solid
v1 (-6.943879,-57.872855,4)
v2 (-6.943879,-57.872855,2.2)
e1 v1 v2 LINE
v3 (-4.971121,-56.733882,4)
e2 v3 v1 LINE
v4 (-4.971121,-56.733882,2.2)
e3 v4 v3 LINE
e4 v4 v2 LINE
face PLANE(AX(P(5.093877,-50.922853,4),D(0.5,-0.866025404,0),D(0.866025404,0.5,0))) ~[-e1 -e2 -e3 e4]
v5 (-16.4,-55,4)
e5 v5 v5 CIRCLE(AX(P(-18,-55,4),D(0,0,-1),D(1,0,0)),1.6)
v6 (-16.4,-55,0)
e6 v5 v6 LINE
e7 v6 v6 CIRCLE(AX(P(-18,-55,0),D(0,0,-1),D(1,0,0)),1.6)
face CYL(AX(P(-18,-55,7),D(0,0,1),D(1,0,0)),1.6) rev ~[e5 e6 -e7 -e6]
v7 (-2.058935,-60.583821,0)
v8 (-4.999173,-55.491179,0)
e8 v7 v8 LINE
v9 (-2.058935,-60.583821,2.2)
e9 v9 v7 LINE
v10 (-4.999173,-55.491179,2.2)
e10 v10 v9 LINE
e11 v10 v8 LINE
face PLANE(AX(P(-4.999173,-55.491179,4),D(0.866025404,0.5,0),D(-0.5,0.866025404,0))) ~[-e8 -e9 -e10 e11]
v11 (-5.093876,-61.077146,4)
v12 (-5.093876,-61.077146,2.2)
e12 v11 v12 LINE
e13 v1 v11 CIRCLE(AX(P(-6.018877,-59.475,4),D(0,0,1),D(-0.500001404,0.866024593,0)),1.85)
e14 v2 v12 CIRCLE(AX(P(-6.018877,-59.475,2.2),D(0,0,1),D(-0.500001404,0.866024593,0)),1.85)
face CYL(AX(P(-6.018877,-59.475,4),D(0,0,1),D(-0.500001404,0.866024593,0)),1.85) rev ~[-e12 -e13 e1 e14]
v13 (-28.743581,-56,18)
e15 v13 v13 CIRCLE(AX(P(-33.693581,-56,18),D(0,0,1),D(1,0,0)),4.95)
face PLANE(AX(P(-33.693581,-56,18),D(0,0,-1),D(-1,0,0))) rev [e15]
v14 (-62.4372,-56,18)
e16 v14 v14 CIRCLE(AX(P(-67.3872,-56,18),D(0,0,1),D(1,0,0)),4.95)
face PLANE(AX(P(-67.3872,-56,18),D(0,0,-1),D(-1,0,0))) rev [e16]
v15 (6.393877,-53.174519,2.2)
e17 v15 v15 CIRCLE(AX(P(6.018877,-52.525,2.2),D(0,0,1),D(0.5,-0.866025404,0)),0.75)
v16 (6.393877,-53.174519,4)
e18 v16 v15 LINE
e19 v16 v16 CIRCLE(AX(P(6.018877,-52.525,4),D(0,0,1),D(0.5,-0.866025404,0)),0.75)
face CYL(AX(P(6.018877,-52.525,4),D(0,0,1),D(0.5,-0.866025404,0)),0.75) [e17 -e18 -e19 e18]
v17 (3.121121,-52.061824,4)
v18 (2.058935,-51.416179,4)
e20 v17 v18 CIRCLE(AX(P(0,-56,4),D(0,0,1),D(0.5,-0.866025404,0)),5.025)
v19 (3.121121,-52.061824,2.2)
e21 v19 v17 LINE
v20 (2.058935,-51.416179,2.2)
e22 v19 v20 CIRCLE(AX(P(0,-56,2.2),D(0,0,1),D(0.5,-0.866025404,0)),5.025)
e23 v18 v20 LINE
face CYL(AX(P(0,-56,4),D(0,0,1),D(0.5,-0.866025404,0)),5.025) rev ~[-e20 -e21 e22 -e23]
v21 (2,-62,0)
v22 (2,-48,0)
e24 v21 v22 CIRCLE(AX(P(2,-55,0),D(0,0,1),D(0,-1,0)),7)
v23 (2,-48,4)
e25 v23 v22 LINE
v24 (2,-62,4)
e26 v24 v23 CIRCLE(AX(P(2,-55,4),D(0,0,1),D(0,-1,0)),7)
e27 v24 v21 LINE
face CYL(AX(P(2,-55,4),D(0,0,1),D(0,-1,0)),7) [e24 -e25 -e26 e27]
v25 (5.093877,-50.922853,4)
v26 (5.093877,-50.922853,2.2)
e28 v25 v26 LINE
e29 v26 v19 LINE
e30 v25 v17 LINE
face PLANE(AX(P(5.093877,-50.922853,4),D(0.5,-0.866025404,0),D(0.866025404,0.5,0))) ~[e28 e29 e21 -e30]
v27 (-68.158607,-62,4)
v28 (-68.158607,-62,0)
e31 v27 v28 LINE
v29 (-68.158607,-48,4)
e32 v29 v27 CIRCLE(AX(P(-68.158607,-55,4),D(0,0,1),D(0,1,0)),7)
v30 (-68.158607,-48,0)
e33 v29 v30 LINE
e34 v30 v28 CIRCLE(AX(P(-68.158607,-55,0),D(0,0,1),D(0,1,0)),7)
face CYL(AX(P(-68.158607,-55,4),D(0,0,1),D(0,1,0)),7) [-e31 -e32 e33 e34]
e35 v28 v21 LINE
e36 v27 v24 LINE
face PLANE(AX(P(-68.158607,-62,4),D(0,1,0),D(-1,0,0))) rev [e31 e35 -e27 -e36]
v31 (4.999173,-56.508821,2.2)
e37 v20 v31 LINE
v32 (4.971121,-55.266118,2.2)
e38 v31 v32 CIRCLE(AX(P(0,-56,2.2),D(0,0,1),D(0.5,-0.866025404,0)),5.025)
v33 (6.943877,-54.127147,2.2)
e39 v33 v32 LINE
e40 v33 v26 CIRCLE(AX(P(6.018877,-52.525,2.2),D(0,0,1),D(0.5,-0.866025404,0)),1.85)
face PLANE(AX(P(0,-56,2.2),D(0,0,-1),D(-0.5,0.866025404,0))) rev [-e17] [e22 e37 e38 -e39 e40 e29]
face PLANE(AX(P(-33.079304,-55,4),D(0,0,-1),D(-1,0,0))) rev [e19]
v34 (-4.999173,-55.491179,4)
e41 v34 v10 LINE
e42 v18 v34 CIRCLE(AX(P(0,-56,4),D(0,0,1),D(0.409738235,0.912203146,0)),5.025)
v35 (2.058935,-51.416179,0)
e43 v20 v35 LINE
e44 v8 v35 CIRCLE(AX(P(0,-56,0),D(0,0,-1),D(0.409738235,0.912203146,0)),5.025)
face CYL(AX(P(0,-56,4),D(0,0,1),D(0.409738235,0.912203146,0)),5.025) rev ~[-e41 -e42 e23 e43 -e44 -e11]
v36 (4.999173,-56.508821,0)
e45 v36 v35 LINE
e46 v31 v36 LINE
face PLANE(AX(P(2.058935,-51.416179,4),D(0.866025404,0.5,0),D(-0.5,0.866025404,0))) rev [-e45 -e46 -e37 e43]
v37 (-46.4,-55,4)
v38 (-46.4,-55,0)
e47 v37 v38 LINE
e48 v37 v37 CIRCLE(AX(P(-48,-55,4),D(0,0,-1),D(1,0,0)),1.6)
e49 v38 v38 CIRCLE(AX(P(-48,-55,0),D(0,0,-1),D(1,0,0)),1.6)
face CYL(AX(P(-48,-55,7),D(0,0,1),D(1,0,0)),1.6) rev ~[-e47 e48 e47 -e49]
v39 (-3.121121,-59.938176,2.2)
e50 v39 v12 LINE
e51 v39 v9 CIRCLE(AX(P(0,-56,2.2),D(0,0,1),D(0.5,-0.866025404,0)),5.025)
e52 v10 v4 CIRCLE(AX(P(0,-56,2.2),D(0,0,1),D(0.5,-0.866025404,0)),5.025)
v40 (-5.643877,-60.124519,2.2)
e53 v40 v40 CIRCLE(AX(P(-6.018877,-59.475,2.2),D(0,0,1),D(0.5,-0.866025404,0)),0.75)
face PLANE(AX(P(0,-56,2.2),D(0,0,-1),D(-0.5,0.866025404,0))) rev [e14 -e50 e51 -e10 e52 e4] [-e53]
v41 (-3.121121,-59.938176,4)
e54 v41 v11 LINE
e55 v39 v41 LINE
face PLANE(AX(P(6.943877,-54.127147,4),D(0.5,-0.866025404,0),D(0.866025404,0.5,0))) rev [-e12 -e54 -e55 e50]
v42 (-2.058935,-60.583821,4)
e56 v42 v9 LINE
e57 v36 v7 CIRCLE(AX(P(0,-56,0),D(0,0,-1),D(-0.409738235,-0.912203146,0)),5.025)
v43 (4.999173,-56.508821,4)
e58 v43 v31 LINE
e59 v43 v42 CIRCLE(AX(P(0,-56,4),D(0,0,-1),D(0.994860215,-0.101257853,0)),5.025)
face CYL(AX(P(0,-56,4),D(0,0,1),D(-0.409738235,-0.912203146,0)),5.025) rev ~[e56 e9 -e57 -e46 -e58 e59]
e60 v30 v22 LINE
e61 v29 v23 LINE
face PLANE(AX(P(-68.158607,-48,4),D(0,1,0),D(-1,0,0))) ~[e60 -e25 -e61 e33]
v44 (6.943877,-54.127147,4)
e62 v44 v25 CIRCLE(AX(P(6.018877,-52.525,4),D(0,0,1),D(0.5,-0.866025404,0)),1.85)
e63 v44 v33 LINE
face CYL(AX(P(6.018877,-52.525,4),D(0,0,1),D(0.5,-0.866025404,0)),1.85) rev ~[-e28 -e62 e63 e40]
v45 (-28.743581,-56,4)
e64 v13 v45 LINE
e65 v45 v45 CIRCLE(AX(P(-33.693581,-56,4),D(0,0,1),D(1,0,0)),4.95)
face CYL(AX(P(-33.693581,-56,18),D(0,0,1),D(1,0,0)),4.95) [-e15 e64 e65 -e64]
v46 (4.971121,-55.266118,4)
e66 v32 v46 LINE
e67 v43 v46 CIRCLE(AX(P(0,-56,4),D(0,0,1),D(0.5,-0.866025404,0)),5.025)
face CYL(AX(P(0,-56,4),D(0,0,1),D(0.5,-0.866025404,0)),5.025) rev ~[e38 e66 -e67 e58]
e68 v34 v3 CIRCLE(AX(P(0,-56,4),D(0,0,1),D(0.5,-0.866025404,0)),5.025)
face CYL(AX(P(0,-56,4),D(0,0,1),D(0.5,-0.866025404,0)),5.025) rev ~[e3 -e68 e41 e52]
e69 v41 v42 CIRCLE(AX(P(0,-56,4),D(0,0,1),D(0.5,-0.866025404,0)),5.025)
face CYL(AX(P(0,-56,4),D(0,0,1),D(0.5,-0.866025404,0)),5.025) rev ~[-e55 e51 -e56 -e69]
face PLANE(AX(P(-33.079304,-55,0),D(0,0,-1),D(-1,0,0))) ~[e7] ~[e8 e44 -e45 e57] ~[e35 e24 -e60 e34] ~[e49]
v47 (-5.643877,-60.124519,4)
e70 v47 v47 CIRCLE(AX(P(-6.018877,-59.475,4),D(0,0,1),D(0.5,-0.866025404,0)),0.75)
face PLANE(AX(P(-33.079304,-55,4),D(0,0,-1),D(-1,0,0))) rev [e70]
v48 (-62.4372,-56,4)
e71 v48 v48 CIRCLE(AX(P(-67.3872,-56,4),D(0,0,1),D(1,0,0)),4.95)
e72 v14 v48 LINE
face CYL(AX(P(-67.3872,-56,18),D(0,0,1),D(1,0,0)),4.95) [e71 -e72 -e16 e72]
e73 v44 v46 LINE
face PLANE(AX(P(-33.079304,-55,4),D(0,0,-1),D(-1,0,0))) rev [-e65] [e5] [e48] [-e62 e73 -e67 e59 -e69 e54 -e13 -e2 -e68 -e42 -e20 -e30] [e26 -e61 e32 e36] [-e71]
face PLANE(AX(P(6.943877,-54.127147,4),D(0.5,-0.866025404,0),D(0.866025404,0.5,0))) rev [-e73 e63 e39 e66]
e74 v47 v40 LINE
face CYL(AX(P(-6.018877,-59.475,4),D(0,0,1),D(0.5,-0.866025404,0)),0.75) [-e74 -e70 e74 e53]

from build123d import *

# Parameters (mm, degrees)
CYLINDER018_R        = 1.6
CYLINDER018_DEPTH    = 10
CYLINDER017_R        = 1.6
CYLINDER017_DEPTH    = 10
PAD_DEPTH            = 18
SKETCH002_R          = 0.75
PAD001_DEPTH         = 1.8
CYLINDER_R           = 5.025
CYLINDER_DEPTH       = 1.8
BODY_PLACEMENT_ANGLE = 60
CYLINDER006_R        = 4.95
CYLINDER006_DEPTH    = 14
EXTRUDE_DEPTH        = 4
CYLINDER005_R        = 4.95
CYLINDER005_DEPTH    = 14


with BuildPart() as cylinder018:
    # Cylinder018 → Cylinder018 (new body)
    with BuildSketch(Plane(origin=(-30, 0, -3), x_dir=(1, 0, 0), z_dir=(0, 0, 1))):
        Circle(CYLINDER018_R)
    extrude(amount=CYLINDER018_DEPTH)


with BuildPart() as fusion021:
    # Cylinder017 → Cylinder017 (new body)
    with BuildSketch(Plane.XY.offset(-3)):
        Circle(CYLINDER017_R)
    extrude(amount=CYLINDER017_DEPTH)

    # Fusion019: union Cylinder018
    add(cylinder018.part)


with BuildPart() as fusion021_1:
    # Fusion019 placement: moved
    add(fusion021.part.moved(Location((-18, 1, 0))))


with BuildPart() as motorbody:
    # Sketch001 → Pad (new body)
    with BuildSketch(Plane.XY):
        with BuildLine():
            ThreePointArc((-2.940238, 4.075), (-5.025, 0), (-2.940238, -4.075))
            Line((-2.940238, -4.075), (2.940238, -4.075))
            ThreePointArc((2.940238, -4.075), (5.025, 0), (2.940238, 4.075))
            Line((-2.940238, 4.075), (2.940238, 4.075))
        make_face()
    extrude(amount=PAD_DEPTH)

    # Sketch002 → Pad001 (join)
    with BuildSketch(Plane.XY):
        with BuildLine():
            ThreePointArc((1.85, 6.95), (0, 8.8), (-1.85, 6.95))
            Line((-1.85, 6.95), (-1.85, -6.950003))
            ThreePointArc((-1.85, -6.950003), (2e-06, -8.8), (1.85, -6.949999))
            Line((1.85, 6.95), (1.85, -6.949999))
        make_face()
        with Locations((0, 6.95)):
            Circle(SKETCH002_R, mode=Mode.SUBTRACT)
        with Locations((0, -6.95)):
            Circle(SKETCH002_R, mode=Mode.SUBTRACT)
    extrude(amount=PAD001_DEPTH)

    # Cylinder → Cylinder (join)
    with BuildSketch(Plane.XY):
        Circle(CYLINDER_R)
    extrude(amount=CYLINDER_DEPTH)


with BuildPart() as motorbody_1:
    # Body placement: moved
    add(motorbody.part.rotate(Axis((0, 0, 0), (0, 0, -1)), BODY_PLACEMENT_ANGLE))


with BuildPart() as cylinder006:
    # Cylinder006 → Cylinder006 (new body)
    with BuildSketch(Plane(origin=(-33.693581, 0, -14), x_dir=(1, 0, 0), z_dir=(0, 0, 1))):
        Circle(CYLINDER006_R)
    extrude(amount=CYLINDER006_DEPTH)


with BuildPart() as extrude_body:
    # Sketch009 → Extrude (new body)
    with BuildSketch(Plane.XY):
        with BuildLine():
            ThreePointArc((-68.158607, 8), (-75.158607, 1), (-68.158607, -6))
            Line((-68.158607, -6), (2, -6))
            ThreePointArc((2, -6), (9, 1), (2, 8))
            Line((-68.158607, 8), (2, 8))
        make_face()
    extrude(amount=EXTRUDE_DEPTH)


with BuildPart() as rightdriveskid:
    # Cylinder005 → Cylinder005 (new body)
    with BuildSketch(Plane(origin=(-67.3872, 0, -14), x_dir=(1, 0, 0), z_dir=(0, 0, 1))):
        Circle(CYLINDER005_R)
    extrude(amount=CYLINDER005_DEPTH)

    # Fusion005: union Cylinder006, Extrude body
    add(cylinder006.part)
    add(extrude_body.part)

    # Cut002: cut MotorBody
    add(motorbody_1.part, mode=Mode.SUBTRACT)

    # Cut011: cut Fusion021
    add(fusion021_1.part, mode=Mode.SUBTRACT)


with BuildPart() as leftdriveskid_printable:
    # Part__Mirroring003: instance of RightDriveSkid
    add(rightdriveskid.part.mirror(Plane(origin=(0, 0, 0), x_dir=(0, 1, 0), z_dir=(0, 0, 1))))


with BuildPart() as leftdriveskid_printable_1:
    # Clone004 placement: moved
    add(leftdriveskid_printable.part.moved(Location((0, -56, 4))))


solid = leftdriveskid_printable_1.part
